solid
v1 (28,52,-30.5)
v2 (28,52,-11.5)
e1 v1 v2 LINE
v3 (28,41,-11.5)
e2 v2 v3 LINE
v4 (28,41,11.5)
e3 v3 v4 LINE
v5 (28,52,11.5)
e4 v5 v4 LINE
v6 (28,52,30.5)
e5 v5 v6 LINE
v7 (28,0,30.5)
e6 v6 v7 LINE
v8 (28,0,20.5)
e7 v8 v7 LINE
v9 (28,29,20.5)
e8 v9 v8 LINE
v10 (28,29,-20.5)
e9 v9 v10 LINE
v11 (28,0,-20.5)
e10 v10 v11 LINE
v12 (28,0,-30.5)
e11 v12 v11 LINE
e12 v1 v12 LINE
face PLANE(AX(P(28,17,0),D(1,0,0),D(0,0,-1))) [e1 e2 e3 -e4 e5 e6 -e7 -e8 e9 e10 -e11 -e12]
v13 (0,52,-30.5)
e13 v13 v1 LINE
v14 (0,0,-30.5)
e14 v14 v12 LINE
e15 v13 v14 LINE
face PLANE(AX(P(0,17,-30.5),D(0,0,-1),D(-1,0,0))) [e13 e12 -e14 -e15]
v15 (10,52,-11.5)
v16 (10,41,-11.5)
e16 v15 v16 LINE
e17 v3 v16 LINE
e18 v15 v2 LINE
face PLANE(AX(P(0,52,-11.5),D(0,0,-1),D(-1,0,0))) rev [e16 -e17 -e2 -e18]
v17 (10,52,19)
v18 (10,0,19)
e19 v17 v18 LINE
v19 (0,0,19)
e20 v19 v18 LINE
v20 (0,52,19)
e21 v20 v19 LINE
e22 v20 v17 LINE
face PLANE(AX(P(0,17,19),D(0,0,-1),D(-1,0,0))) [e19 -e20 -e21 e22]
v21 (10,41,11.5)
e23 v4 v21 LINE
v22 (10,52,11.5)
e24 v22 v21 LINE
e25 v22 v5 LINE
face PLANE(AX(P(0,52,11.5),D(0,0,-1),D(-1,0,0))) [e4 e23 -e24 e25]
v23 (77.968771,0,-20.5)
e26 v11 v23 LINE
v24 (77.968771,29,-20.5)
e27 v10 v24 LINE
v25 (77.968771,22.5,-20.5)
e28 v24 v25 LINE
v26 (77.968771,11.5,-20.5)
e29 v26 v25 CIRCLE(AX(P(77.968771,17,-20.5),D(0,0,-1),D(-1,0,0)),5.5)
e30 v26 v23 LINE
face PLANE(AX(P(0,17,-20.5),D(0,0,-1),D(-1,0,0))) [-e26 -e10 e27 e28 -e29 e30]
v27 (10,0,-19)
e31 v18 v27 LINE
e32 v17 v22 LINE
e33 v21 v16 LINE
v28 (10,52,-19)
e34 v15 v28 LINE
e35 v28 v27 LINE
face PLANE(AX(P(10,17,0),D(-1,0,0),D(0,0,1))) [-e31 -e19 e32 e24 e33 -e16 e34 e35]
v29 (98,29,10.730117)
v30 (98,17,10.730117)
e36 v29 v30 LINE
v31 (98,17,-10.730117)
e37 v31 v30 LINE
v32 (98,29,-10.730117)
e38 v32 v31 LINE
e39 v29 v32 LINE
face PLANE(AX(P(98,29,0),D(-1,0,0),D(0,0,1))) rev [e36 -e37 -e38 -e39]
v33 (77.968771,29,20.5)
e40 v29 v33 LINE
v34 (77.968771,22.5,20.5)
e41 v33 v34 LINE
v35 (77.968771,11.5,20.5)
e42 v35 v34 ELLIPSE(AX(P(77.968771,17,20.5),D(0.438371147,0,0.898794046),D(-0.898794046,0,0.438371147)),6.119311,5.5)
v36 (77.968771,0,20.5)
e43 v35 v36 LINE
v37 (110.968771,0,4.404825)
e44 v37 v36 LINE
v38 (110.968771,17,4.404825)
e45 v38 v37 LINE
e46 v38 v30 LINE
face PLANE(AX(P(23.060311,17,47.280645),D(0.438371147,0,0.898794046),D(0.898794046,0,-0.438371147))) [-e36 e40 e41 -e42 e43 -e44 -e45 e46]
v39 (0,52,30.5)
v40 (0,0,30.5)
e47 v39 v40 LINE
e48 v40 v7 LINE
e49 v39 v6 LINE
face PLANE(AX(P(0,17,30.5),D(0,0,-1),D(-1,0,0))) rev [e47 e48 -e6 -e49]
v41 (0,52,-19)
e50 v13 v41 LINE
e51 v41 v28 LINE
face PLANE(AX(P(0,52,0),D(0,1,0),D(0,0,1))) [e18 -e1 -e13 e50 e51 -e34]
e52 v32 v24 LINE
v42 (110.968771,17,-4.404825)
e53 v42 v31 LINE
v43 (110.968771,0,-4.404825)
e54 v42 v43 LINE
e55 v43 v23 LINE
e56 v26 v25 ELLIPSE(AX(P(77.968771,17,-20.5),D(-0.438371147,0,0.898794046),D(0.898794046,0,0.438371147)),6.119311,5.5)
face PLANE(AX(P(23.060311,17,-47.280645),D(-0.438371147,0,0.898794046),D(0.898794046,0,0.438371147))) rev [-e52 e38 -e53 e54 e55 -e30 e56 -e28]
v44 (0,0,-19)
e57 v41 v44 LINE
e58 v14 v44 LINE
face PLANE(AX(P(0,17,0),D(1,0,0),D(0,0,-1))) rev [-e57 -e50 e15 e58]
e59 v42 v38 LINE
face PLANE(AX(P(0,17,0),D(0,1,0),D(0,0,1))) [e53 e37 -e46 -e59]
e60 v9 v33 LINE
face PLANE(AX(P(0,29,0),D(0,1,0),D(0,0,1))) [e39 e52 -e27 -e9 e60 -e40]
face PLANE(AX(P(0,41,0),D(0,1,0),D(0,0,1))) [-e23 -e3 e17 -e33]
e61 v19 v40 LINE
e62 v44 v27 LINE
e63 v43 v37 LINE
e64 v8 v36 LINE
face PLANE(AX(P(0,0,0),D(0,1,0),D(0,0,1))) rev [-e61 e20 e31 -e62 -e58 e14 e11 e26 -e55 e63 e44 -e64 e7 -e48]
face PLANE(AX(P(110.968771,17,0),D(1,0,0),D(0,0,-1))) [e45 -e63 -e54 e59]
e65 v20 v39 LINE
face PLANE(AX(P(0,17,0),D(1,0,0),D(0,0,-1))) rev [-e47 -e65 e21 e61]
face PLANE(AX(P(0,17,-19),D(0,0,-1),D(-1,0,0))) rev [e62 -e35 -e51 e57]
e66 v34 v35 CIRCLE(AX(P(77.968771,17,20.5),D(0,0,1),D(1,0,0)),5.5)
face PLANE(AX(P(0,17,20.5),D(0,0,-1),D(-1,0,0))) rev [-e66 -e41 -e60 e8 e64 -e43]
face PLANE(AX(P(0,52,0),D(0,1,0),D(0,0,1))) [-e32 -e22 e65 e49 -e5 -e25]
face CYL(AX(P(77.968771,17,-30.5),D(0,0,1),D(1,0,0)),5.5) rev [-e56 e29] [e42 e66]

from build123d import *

# Parameters (mm, degrees)
BOSS_EXTRUDE1_DEPTH = 17
BOSS_EXTRUDE2_DEPTH = 29
BOSS_EXTRUDE3_DEPTH = 41
BOSS_EXTRUDE4_DEPTH = 52
SKETCH2_R           = 5.5
CUT_EXTRUDE1_DEPTH  = 133.736838113


with BuildPart() as part:
    # Sketch1 → Boss-Extrude1 (new body)
    with BuildSketch(Plane(origin=(0, 0, 0), x_dir=(1, 0, 0), z_dir=(0, 1, 0))):
        Polygon((10, -19), (0, -19), (0, -30.5), (28, -30.5), (28, -20.5), (77.968771248, -20.5), (110.968771248, -4.404824577), (110.968771248, 4.404824577), (77.968771248, 20.5), (28, 20.5), (28, 30.5), (0, 30.5), (0, 19), (10, 19), align=None)
    extrude(amount=BOSS_EXTRUDE1_DEPTH)

    # Sketch1<3> → Boss-Extrude2 (add)
    with BuildSketch(Plane(origin=(0, 0, 0), x_dir=(1, 0, 0), z_dir=(0, 1, 0))):
        Polygon((10, -19), (0, -19), (0, -30.5), (28, -30.5), (28, -20.5), (77.968771248, -20.5), (98, -10.730116948), (98, 10.730116948), (77.968771248, 20.5), (28, 20.5), (28, 30.5), (0, 30.5), (0, 19), (10, 19), align=None)
    extrude(amount=BOSS_EXTRUDE2_DEPTH)

    # Sketch1<4> → Boss-Extrude3 (add)
    with BuildSketch(Plane(origin=(0, 0, 0), x_dir=(1, 0, 0), z_dir=(0, 1, 0))):
        Polygon((10, -19), (0, -19), (0, -30.5), (28, -30.5), (28, 30.5), (0, 30.5), (0, 19), (10, 19), align=None)
    extrude(amount=BOSS_EXTRUDE3_DEPTH)

    # Sketch1<5> → Boss-Extrude4 (add)
    with BuildSketch(Plane(origin=(0, 0, 0), x_dir=(1, 0, 0), z_dir=(0, 1, 0))):
        Polygon((10, -19), (0, -19), (0, -30.5), (28, -30.5), (28, -11.5), (10, -11.5), align=None)
        Polygon((10, 19), (10, 11.5), (28, 11.5), (28, 30.5), (0, 30.5), (0, 19), align=None)
    extrude(amount=BOSS_EXTRUDE4_DEPTH)

    # Sketch2 → Cut-Extrude1 (cut, through all)
    with BuildSketch(Plane.XY.offset(20.5)):
        with Locations((77.968771248, 17)):
            Circle(SKETCH2_R)
    extrude(amount=-CUT_EXTRUDE1_DEPTH, mode=Mode.SUBTRACT)


solid = part.part
